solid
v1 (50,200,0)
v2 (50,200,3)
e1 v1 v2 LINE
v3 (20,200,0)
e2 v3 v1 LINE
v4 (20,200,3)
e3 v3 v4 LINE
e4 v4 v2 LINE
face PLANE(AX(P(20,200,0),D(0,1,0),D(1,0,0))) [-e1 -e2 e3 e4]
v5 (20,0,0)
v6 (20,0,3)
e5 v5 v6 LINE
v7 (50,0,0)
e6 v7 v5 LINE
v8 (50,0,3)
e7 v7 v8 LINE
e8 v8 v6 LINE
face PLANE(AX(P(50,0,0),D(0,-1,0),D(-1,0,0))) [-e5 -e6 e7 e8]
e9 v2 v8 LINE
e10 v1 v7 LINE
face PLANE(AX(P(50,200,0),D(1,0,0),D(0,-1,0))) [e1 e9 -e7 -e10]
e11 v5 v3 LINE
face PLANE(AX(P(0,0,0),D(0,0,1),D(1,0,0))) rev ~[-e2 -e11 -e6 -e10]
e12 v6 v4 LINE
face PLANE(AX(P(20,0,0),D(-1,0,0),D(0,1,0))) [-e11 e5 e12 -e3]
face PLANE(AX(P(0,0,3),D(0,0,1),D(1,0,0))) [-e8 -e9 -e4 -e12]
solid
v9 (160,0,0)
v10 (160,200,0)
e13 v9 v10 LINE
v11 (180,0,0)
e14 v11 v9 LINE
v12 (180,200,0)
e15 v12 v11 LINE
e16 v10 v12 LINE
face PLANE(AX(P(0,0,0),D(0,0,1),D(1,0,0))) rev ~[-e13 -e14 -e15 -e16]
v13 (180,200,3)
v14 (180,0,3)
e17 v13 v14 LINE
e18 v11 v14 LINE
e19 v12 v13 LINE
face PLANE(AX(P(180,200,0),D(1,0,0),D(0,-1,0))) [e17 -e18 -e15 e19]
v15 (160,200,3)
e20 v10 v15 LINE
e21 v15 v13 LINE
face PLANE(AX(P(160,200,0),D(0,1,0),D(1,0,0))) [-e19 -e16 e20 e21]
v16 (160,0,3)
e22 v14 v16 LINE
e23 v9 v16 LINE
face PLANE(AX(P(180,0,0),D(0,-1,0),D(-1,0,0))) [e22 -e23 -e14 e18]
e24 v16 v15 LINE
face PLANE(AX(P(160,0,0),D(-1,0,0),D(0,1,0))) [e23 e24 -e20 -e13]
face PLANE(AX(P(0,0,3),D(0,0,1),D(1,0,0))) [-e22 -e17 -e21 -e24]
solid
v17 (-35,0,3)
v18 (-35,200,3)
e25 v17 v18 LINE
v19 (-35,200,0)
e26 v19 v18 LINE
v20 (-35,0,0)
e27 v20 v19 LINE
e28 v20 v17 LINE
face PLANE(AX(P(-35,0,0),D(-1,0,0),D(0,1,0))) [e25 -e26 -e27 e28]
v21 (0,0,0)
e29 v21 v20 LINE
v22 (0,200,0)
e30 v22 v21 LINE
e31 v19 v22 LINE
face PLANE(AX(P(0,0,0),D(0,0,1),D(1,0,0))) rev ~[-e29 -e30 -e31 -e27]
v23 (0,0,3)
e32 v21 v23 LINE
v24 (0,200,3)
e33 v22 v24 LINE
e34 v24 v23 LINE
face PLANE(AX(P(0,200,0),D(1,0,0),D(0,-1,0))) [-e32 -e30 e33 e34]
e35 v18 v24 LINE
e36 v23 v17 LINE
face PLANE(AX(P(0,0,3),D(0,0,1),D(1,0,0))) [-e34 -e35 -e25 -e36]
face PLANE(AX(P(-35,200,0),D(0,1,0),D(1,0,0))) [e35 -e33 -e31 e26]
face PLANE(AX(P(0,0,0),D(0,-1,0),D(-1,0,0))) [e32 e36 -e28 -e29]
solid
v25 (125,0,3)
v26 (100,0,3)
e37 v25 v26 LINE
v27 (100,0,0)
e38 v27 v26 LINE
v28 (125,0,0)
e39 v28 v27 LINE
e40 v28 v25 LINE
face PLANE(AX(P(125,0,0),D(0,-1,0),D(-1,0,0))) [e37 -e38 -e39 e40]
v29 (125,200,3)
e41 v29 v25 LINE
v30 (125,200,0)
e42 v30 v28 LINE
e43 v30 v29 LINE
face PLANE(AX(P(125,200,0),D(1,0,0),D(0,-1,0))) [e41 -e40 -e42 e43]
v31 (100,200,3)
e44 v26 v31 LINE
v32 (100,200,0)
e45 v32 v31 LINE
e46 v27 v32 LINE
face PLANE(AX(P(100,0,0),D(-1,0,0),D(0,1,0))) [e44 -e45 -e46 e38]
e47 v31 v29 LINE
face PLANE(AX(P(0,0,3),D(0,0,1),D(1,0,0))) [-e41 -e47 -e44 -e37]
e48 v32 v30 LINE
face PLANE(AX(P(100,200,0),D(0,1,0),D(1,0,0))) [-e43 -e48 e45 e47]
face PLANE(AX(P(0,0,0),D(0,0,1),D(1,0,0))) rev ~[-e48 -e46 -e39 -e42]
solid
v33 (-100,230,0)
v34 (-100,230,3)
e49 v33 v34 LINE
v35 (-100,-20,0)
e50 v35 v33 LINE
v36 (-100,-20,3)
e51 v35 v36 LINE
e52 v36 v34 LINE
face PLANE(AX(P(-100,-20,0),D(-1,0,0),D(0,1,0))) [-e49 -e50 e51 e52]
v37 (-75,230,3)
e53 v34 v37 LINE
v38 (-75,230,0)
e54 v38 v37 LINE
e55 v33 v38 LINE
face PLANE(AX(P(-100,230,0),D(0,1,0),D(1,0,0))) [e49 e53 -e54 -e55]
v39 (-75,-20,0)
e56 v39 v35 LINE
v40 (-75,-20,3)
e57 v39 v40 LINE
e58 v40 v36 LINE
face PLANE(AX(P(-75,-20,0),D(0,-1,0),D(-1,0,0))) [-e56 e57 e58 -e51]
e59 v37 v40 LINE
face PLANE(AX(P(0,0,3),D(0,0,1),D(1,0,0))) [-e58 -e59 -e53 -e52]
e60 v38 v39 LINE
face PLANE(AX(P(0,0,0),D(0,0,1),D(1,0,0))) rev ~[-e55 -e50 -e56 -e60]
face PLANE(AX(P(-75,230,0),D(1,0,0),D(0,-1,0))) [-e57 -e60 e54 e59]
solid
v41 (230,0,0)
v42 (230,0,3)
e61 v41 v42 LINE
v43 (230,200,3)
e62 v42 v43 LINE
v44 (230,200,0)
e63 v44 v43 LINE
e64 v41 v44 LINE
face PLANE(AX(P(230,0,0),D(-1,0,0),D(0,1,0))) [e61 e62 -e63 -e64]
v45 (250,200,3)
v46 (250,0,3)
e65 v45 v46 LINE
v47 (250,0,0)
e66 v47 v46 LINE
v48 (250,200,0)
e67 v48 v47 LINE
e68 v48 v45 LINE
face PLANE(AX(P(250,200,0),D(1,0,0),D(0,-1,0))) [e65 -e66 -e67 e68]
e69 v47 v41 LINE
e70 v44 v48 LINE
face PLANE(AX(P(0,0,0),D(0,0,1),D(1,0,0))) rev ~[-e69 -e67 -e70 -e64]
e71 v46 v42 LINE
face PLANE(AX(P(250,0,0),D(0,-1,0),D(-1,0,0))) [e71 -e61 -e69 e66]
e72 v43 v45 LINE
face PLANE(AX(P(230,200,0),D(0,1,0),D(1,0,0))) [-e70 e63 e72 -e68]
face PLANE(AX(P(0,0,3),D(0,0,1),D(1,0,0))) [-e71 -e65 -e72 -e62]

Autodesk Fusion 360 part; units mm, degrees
sketch "Sketch1" plane through (0, 0, 0) normal (0, 0, 1) x (1, 0, 0)
sketch "Sketch2" plane through (0, 0, 0) normal (0, 0, 1) x (1, 0, 0)
  line L0 (-35, 200) -> (0, 200)
  line L1 (0, 200) -> (0, 0)
  line L2 (0, 0) -> (-35, 0)
  line L3 (-35, 0) -> (-35, 200)
  line L4 (20, 200) -> (50, 200)
  line L5 (50, 200) -> (50, 0)
  line L6 (50, 0) -> (20, 0)
  line L7 (20, 0) -> (20, 200)
  line L8 (100, 200) -> (125, 200)
  line L9 (125, 200) -> (125, 0)
  line L10 (125, 0) -> (100, 0)
  line L11 (100, 0) -> (100, 200)
  line L12 (160, 200) -> (180, 200)
  line L13 (180, 200) -> (180, 0)
  line L14 (180, 0) -> (160, 0)
  line L15 (160, 0) -> (160, 200)
  line L16 (230, 200) -> (250, 200)
  line L17 (250, 200) -> (250, 0)
  line L18 (250, 0) -> (230, 0)
  line L19 (230, 0) -> (230, 200)
  dimension "d1" = 200
  dimension "d2" = 35
  dimension "d3" = 30
  dimension "d4" = 200
  dimension "d5" = 25
  dimension "d6" = 20
  dimension "d7" = 20
  dimension "d8" = 200
  dimension "d9" = 200
  dimension "d10" = 200
extrude "Extrude1" add sketch "Sketch2" along normal blind 3 makes body 1 at (108.3333, 66.6667, 0) makes body 2 at (30, 133.3333, 0) makes body 3 at (166.6667, 133.3333, 0) makes body 4 at (-23.3333, 133.3333, 0) makes body 5 at (236.6667, 66.6667, 0)
sketch "Sketch3" plane through (0, 0, 0) normal (0, 0, 1) x (1, 0, 0)
  line L0 (-100, 230) -> (-75, 230)
  line L1 (-75, 230) -> (-75, -20)
  line L2 (-75, -20) -> (-100, -20)
  line L3 (-100, -20) -> (-100, 230)
  dimension "d13" = 25
  dimension "d14" = 250
extrude "Extrude2" add sketch "Sketch3" along normal blind 3 separate body makes body 6
